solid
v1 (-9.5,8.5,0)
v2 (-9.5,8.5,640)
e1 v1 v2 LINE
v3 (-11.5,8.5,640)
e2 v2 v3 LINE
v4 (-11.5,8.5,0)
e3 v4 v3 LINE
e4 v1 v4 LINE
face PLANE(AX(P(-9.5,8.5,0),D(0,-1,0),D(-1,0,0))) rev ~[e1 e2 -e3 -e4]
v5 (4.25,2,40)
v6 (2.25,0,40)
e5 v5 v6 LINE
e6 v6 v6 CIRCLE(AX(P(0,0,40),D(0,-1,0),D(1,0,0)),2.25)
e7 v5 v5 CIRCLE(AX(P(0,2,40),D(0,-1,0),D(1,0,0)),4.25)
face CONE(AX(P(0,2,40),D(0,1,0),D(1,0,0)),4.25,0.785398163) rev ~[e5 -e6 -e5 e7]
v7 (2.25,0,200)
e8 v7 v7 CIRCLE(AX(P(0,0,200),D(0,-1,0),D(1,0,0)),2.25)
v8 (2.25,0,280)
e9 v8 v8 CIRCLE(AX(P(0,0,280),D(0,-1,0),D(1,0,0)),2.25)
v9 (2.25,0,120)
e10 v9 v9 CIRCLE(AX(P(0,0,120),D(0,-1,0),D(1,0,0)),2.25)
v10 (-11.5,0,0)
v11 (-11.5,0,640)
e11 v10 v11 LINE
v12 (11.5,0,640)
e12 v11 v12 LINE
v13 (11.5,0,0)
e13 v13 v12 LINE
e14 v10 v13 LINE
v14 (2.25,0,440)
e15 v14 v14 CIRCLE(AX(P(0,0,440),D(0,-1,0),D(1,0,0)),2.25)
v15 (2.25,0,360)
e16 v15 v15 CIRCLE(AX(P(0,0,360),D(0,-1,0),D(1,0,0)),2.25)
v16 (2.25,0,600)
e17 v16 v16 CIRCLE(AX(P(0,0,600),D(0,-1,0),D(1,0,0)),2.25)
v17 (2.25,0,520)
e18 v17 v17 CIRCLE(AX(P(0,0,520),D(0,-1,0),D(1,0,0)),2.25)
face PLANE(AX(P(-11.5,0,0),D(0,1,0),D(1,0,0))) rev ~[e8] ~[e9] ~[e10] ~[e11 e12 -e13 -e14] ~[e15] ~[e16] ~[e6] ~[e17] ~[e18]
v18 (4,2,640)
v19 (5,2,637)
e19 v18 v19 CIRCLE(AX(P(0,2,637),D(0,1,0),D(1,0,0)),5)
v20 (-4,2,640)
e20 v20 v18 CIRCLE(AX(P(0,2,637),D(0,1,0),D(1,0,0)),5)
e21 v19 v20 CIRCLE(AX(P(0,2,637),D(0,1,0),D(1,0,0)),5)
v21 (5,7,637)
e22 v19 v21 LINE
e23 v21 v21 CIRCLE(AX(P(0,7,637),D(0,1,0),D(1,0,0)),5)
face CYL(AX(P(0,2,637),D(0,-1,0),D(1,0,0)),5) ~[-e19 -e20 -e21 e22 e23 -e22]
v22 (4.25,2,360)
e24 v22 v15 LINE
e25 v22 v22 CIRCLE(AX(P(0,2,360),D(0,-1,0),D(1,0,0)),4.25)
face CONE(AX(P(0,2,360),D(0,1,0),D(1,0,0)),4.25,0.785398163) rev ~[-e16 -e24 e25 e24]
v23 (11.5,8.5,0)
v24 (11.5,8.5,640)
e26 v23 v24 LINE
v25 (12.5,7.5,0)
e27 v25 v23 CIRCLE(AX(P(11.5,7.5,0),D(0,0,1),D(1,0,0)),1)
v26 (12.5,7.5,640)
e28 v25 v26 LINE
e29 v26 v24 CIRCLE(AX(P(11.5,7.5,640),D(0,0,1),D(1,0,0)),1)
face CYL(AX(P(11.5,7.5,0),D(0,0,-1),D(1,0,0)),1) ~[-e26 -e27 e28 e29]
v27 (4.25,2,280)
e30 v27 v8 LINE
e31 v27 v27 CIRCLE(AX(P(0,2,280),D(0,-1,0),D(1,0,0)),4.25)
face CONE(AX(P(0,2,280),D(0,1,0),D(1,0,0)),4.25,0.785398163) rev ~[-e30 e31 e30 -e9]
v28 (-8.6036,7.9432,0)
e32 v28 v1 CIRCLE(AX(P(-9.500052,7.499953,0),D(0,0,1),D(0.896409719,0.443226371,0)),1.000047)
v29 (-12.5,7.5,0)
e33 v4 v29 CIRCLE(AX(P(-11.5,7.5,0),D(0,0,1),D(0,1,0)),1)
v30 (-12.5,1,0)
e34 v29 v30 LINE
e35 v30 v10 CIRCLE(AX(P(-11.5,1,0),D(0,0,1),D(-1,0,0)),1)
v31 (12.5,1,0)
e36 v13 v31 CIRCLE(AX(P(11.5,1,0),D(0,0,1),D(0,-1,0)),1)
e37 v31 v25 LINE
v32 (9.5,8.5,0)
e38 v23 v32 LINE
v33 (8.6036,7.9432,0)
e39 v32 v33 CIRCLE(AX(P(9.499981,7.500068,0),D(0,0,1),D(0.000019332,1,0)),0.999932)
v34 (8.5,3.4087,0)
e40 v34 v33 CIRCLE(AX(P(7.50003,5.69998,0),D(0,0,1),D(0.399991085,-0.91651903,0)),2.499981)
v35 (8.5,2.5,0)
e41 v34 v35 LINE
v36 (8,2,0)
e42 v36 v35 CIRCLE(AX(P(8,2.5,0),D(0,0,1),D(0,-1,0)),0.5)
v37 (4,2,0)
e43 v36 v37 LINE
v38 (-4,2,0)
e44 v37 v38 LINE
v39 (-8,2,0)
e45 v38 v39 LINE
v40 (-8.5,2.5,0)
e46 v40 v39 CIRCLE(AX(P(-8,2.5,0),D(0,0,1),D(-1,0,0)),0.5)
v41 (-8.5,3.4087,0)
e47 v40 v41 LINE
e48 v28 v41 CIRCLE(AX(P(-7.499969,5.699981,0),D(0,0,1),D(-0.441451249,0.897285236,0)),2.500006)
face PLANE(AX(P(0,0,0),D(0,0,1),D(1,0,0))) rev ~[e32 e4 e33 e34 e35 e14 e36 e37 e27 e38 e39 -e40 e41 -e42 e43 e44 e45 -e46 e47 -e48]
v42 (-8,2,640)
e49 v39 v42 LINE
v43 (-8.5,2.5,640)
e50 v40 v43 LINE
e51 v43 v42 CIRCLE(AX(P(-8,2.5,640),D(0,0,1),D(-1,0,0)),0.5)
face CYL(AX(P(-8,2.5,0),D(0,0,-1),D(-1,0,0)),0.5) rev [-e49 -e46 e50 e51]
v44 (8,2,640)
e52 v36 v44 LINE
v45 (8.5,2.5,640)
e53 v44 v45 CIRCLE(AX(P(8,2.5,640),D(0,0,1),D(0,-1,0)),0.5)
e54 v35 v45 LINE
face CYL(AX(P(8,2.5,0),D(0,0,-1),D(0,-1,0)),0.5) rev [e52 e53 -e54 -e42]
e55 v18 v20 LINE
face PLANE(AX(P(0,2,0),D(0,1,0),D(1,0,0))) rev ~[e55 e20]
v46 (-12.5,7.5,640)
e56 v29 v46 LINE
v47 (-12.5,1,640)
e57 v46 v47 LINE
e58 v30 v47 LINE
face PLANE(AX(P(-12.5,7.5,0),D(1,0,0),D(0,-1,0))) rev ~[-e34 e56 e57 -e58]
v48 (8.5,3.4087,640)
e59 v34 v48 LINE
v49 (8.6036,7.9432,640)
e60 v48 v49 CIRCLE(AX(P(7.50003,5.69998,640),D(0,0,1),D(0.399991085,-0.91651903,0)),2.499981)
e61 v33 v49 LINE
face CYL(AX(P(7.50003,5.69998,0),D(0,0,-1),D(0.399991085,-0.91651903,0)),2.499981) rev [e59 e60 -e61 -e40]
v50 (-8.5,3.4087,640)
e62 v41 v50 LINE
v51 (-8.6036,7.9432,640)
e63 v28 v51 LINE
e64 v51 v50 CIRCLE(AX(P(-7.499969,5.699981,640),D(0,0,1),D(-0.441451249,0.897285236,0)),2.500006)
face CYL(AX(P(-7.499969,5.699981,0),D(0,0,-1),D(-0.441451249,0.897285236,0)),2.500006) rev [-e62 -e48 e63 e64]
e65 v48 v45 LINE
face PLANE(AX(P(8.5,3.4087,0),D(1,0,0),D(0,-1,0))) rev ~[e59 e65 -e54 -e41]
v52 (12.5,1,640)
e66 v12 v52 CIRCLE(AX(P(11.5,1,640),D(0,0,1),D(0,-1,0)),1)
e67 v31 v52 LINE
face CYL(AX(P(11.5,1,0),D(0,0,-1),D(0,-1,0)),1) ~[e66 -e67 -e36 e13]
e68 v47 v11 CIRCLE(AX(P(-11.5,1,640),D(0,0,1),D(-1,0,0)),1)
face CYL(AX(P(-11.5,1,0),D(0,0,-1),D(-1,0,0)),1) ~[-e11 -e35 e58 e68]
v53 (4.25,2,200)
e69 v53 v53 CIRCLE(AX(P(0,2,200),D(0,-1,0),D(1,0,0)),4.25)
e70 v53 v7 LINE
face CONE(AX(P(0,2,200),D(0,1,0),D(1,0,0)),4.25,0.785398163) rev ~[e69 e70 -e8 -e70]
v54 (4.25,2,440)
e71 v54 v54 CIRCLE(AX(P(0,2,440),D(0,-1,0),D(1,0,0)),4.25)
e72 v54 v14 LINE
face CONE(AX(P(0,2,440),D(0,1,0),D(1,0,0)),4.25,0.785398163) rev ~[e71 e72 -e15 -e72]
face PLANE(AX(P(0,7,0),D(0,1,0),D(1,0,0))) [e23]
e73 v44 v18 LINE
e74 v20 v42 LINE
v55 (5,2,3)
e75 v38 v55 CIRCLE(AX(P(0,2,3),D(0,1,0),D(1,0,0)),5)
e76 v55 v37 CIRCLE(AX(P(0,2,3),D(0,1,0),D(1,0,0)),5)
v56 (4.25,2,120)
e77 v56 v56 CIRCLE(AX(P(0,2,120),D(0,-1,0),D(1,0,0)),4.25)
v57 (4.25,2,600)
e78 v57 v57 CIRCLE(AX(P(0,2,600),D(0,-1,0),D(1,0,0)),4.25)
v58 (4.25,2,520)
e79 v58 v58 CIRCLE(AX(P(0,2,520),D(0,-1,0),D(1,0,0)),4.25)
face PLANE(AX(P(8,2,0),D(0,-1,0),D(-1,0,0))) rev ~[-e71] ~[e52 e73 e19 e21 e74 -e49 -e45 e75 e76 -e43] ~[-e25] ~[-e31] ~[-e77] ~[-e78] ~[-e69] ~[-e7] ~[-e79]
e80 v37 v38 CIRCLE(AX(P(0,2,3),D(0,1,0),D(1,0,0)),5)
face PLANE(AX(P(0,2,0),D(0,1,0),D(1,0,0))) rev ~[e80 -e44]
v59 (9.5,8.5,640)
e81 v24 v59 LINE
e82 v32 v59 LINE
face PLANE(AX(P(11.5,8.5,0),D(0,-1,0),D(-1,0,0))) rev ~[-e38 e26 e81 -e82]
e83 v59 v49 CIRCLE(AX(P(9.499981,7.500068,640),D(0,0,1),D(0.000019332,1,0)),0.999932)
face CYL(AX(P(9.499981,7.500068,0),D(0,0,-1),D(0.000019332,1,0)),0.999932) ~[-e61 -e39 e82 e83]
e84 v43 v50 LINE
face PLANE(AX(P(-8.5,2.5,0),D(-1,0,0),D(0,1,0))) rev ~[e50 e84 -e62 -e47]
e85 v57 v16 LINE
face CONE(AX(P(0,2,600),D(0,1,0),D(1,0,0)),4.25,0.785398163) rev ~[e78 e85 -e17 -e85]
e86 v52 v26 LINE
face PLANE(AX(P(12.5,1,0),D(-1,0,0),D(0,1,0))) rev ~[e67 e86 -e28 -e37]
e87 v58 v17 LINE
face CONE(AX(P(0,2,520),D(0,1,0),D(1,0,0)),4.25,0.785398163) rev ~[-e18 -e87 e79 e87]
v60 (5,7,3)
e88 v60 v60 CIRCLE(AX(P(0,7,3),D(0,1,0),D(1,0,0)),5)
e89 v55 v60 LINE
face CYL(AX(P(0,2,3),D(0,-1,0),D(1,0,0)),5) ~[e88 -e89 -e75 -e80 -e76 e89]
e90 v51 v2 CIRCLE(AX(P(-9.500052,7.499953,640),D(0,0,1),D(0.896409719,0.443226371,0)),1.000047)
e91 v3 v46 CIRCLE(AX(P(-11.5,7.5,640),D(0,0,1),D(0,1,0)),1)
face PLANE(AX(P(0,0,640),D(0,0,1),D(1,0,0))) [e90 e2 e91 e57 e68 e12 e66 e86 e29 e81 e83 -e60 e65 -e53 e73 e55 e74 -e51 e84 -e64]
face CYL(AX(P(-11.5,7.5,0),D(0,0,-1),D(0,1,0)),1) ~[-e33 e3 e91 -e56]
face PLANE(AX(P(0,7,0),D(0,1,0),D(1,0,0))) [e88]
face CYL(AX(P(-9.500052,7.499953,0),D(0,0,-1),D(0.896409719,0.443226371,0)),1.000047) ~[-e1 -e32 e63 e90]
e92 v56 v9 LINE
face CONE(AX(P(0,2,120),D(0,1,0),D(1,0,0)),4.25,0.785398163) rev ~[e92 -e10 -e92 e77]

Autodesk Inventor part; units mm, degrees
sketch "Sketch_1" plane through (0, 0, 0) normal (0, 0, 1) x (1, 0, 0)
  arc A0 (-12.5, 1) -> (-11.5, 0) centre (-11.5, 1) ccw
  line L0 (-11.5, 0) -> (11.5, 0)
  arc A1 (11.5, 0) -> (12.5, 1) centre (11.5, 1) ccw
  line L1 (12.5, 1) -> (12.5, 7.5)
  arc A2 (12.5, 7.5) -> (11.5, 8.5) centre (11.5, 7.5) ccw
  line L2 (11.5, 8.5) -> (9.5, 8.5)
  arc A3 (9.5, 8.5) -> (8.6036, 7.9432) centre (9.5, 7.5) ccw
  arc A4 (8.5, 3.4087) -> (8.6036, 7.9432) centre (7.5, 5.7) ccw
  line L3 (8.5, 3.4087) -> (8.5, 2.5)
  arc A5 (8, 2) -> (8.5, 2.5) centre (8, 2.5) ccw
  line L4 (8, 2) -> (-8, 2)
  arc A6 (-8.5, 2.5) -> (-8, 2) centre (-8, 2.5) ccw
  line L5 (-8.5, 2.5) -> (-8.5, 3.4087)
  arc A7 (-8.6036, 7.9432) -> (-8.5, 3.4087) centre (-7.5, 5.7) ccw
  arc A8 (-8.6036, 7.9432) -> (-9.5, 8.5) centre (-9.5, 7.5) ccw
  line L6 (-9.5, 8.5) -> (-11.5, 8.5)
  arc A9 (-11.5, 8.5) -> (-12.5, 7.5) centre (-11.5, 7.5) ccw
  line L7 (-12.5, 7.5) -> (-12.5, 1)
extrude "Extrusion1" add sketch "Sketch_1" along normal blind 640
sketch "Sketch_2" plane through (0, 0, 40) normal (0, 0, 1) x (1, 0, 0)
  line L0 (0, 0) -> (0, 2)
  line L1 (0, 2) -> (4.25, 2)
  line L2 (4.25, 2) -> (2.25, 0)
  line L3 (2.25, 0) -> (0, 0)
  line L4 (0, 0) -> (0, 2)
revolve "Revolution1" cut sketch "Sketch_2" angle 360 about axis through (0, 0, 40) along (0, -1, 0)
pattern_linear "Rectangular Pattern1" count 8 spacing 80 along (0, 0, 1) of "Revolution1"
sketch "Sketch_4" plane through (0, 2, 0) normal (0, 1, 0) x (1, 0, 0)
  circle A0 centre (0, -3) radius 5
extrude "Extrusion2" add sketch "Sketch_4" along normal blind 5
sketch "Sketch_5" plane through (0, 2, 0) normal (0, 1, 0) x (1, 0, 0)
  circle A0 centre (0, -637) radius 5
extrude "Extrusion3" add sketch "Sketch_5" along normal blind 5
ref_plane "rail25_to_dummy_XY" through (0, 0, 320) normal (0, 0, 1) x (1, 0, 0)
ref_plane "rail25_to_dummy_YZ" through (0, 0, 320) normal (1, 0, 0) x (0, 1, 0)
ref_plane "rail25_to_dummy_ZX" through (0, 0, 320) normal (0, 1, 0) x (0, 0, 1)
ref_plane "to_slider_XY" through (0, 12, 320) normal (0, 0, 1) x (1, 0, 0)
ref_plane "to_slider_YZ" through (0, 12, 320) normal (1, 0, 0) x (0, 1, 0)
ref_plane "to_slider_ZX" through (0, 12, 320) normal (0, 1, 0) x (0, 0, 1)
properties part number "RSRR25-640"
